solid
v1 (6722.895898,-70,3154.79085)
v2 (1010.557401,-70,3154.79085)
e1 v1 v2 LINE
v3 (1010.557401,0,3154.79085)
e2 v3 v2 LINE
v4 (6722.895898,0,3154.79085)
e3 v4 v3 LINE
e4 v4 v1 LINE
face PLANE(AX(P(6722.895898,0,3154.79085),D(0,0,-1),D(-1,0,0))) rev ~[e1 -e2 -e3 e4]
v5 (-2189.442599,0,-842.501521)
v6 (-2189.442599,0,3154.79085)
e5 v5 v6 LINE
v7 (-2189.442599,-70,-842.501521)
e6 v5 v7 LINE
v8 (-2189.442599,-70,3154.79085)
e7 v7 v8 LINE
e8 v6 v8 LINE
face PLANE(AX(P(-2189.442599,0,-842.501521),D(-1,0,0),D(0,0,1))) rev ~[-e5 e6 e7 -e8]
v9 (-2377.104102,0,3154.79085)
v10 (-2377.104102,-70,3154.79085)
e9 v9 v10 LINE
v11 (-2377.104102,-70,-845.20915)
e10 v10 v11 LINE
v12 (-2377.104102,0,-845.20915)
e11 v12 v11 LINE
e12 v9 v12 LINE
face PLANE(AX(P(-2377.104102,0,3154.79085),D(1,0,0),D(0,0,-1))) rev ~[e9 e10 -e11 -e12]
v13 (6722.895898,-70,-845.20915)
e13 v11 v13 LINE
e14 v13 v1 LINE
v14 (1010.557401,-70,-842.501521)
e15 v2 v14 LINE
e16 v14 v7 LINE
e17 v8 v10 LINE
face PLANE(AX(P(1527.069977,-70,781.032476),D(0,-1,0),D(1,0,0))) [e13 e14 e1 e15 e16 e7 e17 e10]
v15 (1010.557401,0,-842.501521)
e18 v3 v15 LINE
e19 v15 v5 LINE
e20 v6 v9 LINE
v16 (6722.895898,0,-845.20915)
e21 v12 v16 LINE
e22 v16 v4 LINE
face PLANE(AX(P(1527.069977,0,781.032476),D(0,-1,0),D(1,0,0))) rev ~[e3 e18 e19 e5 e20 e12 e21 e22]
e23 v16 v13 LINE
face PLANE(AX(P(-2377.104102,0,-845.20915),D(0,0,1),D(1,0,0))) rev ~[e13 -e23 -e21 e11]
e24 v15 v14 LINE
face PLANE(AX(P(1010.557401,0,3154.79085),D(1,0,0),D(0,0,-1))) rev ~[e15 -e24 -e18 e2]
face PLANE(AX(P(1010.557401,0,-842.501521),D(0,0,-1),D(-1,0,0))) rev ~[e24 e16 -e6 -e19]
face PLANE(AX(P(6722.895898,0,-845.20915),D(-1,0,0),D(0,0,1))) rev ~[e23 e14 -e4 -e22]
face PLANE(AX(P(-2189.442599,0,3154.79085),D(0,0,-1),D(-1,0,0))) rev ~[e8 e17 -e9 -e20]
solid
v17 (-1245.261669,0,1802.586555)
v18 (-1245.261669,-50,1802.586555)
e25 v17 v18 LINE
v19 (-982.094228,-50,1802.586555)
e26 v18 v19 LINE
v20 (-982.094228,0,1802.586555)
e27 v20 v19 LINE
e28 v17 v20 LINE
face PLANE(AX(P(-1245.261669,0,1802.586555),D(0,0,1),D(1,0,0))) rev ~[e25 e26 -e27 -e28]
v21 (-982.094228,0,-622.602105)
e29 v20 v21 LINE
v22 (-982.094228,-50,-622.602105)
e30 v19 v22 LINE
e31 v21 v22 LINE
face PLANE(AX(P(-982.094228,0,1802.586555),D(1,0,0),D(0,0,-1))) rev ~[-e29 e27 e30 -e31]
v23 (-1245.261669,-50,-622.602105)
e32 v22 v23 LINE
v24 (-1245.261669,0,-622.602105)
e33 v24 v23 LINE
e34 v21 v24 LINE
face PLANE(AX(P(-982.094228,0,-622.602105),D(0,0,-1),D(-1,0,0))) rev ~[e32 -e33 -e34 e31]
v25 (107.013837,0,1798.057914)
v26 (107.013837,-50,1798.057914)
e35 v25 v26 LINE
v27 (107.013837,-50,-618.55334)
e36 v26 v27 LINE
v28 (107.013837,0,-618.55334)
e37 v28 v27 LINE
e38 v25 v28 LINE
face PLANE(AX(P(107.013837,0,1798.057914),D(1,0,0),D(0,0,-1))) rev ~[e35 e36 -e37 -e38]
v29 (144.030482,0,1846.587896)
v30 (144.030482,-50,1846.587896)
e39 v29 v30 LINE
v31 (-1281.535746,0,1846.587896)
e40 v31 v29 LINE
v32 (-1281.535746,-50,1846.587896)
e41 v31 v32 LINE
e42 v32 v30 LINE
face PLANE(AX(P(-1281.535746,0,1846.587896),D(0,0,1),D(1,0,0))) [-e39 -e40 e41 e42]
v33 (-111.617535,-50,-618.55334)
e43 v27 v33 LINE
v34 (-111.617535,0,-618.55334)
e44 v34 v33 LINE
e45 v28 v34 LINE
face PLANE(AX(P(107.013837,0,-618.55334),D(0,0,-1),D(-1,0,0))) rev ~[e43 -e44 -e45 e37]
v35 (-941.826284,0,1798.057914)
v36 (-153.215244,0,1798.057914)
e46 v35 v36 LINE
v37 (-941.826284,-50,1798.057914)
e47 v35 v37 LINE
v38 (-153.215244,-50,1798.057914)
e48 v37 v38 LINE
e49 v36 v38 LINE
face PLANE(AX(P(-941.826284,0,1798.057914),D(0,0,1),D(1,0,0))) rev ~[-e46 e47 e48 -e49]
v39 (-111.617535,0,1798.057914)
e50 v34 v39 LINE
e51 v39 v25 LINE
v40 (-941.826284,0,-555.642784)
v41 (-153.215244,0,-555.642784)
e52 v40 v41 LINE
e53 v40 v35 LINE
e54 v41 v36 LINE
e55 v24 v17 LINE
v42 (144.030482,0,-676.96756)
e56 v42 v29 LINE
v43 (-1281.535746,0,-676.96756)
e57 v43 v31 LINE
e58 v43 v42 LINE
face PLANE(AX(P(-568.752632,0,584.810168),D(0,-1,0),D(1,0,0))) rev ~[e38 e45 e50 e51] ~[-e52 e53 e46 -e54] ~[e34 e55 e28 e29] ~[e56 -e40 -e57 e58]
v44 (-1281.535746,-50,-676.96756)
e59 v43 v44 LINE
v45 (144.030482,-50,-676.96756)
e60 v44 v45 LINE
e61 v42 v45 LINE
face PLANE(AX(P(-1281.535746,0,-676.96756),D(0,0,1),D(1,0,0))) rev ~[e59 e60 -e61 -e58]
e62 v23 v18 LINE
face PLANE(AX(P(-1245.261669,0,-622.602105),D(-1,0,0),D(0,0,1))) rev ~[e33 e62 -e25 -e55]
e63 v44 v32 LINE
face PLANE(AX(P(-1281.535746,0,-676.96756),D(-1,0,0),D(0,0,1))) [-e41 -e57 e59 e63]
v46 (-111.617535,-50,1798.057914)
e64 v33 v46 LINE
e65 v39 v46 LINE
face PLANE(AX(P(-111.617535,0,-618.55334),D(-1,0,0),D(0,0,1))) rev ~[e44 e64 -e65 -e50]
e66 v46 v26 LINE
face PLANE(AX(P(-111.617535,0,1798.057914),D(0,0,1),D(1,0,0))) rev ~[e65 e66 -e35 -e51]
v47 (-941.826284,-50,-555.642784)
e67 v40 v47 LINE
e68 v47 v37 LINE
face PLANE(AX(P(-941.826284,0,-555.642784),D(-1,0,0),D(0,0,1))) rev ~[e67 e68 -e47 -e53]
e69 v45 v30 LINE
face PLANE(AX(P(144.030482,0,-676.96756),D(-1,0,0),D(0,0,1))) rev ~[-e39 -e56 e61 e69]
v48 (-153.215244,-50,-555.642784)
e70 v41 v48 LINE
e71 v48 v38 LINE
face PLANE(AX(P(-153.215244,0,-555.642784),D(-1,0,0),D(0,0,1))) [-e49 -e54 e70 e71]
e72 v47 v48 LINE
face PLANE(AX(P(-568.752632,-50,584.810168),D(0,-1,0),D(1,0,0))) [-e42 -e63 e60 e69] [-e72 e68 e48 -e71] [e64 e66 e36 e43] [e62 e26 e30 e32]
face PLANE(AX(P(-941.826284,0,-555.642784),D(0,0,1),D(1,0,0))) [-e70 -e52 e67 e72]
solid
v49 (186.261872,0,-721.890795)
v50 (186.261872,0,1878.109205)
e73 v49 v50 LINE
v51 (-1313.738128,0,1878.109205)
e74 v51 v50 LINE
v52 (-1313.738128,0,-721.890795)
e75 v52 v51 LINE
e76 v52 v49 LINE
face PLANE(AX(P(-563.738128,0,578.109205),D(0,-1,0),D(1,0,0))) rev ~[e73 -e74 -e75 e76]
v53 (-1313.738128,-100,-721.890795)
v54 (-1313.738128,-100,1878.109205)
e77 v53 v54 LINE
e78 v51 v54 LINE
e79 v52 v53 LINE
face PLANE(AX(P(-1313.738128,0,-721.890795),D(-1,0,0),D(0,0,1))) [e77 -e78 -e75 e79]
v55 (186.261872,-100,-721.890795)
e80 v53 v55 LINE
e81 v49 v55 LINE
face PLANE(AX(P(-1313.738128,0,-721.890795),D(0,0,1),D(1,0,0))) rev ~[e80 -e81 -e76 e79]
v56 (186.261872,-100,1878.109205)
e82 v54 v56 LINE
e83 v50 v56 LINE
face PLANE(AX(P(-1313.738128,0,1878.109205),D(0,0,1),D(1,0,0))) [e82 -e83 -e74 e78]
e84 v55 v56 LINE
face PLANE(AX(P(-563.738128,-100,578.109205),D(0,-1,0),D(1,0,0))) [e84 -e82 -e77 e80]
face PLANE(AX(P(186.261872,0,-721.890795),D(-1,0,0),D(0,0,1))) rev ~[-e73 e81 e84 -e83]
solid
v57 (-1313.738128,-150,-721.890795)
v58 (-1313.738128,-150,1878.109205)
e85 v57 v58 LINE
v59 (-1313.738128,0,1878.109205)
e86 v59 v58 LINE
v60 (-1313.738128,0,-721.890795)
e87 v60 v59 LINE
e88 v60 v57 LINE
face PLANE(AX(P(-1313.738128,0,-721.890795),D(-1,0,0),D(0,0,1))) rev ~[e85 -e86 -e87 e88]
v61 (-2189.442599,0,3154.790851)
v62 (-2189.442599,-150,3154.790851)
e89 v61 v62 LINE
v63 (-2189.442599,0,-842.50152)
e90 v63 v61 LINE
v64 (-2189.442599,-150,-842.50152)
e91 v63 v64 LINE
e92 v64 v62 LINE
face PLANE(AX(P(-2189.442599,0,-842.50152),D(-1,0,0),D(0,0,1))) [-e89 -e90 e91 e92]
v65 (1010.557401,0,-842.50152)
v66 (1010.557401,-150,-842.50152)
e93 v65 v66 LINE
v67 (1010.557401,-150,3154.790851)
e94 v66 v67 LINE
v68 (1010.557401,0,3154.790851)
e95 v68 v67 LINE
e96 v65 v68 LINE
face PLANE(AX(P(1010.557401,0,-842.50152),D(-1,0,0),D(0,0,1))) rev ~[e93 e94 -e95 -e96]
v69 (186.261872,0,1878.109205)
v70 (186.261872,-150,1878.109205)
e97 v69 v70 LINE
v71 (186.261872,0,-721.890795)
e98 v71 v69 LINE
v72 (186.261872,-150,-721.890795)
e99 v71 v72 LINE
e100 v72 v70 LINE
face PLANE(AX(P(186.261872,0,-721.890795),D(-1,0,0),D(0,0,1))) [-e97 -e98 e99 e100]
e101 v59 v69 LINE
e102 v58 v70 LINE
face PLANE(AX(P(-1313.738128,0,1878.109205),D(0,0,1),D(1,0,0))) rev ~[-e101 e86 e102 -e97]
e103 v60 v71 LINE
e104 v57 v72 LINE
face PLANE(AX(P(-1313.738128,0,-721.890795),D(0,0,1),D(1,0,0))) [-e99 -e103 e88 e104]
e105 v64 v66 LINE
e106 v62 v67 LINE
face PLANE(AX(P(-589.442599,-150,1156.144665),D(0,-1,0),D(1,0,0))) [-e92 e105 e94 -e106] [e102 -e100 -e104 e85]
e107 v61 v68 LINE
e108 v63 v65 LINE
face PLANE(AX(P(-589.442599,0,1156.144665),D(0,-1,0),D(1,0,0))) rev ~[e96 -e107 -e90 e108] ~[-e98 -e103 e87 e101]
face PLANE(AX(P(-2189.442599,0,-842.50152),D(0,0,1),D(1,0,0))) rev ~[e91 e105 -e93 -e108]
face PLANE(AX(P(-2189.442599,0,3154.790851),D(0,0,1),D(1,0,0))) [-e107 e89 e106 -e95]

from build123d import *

# Parameters (mm, degrees)
F1_DEPTH = 70
F0_W     = 3200
F0_H     = 3997.292371
F0_W_2   = 1500
F0_H_2   = 2600
F2_DEPTH = 150
F3_DEPTH = 100
F4_W     = 1425.566227
F4_H     = 2523.555457
F4_W_2   = 788.61104
F4_H_2   = 2353.700698
F5_DEPTH = 50


with BuildPart() as f1:
    # F0 (on Front) → F1 (new body)
    with BuildSketch(Plane.XZ):
        Polygon((-2189.442599, 3154.79085), (-2377.104102, 3154.79085), (-2377.104102, -845.20915), (6722.895898, -845.20915), (6722.895898, 3154.79085), (1010.557401, 3154.79085), (1010.557401, -842.501521), (-2189.442599, -842.501521), align=None)
    extrude(amount=F1_DEPTH)


with BuildPart() as f2:
    # F0 (on Front) → F2 (new body)
    with BuildSketch(Plane.XZ):
        with Locations((-589.442599, 1156.144665)):
            Rectangle(F0_W, F0_H)
        with Locations((-563.738128, 578.109205)):
            Rectangle(F0_W_2, F0_H_2, mode=Mode.SUBTRACT)
    extrude(amount=F2_DEPTH)


with BuildPart() as f3:
    # F0 (on Front) → F3 (new body)
    with BuildSketch(Plane.XZ):
        with Locations((-563.738128, 578.109205)):
            Rectangle(F0_W_2, F0_H_2)
    extrude(amount=F3_DEPTH)


with BuildPart() as f5:
    # F4 (on Front) → F5 (new body)
    with BuildSketch(Plane.XZ):
        with Locations((-568.752632, 584.810168)):
            Rectangle(F4_W, F4_H)
        Polygon((-1245.261669, 806.599259), (-1245.261669, 1802.586555), (-982.094228, 1802.586555), (-982.094228, 806.599259), (-982.094228, 478.652209), (-982.094228, -622.602105), (-1245.261669, -622.602105), (-1245.261669, 478.652209), align=None, mode=Mode.SUBTRACT)
        with Locations((-547.520764, 621.207565)):
            Rectangle(F4_W_2, F4_H_2, mode=Mode.SUBTRACT)
        Polygon((-111.617535, 1798.057914), (107.013837, 1798.057914), (107.013837, 851.135254), (107.013837, 470.554739), (107.013837, -618.55334), (-111.617535, -618.55334), (-111.617535, 470.554739), (-111.617535, 851.135254), align=None, mode=Mode.SUBTRACT)
    extrude(amount=F5_DEPTH)


solid = Compound([f1.part, f2.part, f3.part, f5.part])
